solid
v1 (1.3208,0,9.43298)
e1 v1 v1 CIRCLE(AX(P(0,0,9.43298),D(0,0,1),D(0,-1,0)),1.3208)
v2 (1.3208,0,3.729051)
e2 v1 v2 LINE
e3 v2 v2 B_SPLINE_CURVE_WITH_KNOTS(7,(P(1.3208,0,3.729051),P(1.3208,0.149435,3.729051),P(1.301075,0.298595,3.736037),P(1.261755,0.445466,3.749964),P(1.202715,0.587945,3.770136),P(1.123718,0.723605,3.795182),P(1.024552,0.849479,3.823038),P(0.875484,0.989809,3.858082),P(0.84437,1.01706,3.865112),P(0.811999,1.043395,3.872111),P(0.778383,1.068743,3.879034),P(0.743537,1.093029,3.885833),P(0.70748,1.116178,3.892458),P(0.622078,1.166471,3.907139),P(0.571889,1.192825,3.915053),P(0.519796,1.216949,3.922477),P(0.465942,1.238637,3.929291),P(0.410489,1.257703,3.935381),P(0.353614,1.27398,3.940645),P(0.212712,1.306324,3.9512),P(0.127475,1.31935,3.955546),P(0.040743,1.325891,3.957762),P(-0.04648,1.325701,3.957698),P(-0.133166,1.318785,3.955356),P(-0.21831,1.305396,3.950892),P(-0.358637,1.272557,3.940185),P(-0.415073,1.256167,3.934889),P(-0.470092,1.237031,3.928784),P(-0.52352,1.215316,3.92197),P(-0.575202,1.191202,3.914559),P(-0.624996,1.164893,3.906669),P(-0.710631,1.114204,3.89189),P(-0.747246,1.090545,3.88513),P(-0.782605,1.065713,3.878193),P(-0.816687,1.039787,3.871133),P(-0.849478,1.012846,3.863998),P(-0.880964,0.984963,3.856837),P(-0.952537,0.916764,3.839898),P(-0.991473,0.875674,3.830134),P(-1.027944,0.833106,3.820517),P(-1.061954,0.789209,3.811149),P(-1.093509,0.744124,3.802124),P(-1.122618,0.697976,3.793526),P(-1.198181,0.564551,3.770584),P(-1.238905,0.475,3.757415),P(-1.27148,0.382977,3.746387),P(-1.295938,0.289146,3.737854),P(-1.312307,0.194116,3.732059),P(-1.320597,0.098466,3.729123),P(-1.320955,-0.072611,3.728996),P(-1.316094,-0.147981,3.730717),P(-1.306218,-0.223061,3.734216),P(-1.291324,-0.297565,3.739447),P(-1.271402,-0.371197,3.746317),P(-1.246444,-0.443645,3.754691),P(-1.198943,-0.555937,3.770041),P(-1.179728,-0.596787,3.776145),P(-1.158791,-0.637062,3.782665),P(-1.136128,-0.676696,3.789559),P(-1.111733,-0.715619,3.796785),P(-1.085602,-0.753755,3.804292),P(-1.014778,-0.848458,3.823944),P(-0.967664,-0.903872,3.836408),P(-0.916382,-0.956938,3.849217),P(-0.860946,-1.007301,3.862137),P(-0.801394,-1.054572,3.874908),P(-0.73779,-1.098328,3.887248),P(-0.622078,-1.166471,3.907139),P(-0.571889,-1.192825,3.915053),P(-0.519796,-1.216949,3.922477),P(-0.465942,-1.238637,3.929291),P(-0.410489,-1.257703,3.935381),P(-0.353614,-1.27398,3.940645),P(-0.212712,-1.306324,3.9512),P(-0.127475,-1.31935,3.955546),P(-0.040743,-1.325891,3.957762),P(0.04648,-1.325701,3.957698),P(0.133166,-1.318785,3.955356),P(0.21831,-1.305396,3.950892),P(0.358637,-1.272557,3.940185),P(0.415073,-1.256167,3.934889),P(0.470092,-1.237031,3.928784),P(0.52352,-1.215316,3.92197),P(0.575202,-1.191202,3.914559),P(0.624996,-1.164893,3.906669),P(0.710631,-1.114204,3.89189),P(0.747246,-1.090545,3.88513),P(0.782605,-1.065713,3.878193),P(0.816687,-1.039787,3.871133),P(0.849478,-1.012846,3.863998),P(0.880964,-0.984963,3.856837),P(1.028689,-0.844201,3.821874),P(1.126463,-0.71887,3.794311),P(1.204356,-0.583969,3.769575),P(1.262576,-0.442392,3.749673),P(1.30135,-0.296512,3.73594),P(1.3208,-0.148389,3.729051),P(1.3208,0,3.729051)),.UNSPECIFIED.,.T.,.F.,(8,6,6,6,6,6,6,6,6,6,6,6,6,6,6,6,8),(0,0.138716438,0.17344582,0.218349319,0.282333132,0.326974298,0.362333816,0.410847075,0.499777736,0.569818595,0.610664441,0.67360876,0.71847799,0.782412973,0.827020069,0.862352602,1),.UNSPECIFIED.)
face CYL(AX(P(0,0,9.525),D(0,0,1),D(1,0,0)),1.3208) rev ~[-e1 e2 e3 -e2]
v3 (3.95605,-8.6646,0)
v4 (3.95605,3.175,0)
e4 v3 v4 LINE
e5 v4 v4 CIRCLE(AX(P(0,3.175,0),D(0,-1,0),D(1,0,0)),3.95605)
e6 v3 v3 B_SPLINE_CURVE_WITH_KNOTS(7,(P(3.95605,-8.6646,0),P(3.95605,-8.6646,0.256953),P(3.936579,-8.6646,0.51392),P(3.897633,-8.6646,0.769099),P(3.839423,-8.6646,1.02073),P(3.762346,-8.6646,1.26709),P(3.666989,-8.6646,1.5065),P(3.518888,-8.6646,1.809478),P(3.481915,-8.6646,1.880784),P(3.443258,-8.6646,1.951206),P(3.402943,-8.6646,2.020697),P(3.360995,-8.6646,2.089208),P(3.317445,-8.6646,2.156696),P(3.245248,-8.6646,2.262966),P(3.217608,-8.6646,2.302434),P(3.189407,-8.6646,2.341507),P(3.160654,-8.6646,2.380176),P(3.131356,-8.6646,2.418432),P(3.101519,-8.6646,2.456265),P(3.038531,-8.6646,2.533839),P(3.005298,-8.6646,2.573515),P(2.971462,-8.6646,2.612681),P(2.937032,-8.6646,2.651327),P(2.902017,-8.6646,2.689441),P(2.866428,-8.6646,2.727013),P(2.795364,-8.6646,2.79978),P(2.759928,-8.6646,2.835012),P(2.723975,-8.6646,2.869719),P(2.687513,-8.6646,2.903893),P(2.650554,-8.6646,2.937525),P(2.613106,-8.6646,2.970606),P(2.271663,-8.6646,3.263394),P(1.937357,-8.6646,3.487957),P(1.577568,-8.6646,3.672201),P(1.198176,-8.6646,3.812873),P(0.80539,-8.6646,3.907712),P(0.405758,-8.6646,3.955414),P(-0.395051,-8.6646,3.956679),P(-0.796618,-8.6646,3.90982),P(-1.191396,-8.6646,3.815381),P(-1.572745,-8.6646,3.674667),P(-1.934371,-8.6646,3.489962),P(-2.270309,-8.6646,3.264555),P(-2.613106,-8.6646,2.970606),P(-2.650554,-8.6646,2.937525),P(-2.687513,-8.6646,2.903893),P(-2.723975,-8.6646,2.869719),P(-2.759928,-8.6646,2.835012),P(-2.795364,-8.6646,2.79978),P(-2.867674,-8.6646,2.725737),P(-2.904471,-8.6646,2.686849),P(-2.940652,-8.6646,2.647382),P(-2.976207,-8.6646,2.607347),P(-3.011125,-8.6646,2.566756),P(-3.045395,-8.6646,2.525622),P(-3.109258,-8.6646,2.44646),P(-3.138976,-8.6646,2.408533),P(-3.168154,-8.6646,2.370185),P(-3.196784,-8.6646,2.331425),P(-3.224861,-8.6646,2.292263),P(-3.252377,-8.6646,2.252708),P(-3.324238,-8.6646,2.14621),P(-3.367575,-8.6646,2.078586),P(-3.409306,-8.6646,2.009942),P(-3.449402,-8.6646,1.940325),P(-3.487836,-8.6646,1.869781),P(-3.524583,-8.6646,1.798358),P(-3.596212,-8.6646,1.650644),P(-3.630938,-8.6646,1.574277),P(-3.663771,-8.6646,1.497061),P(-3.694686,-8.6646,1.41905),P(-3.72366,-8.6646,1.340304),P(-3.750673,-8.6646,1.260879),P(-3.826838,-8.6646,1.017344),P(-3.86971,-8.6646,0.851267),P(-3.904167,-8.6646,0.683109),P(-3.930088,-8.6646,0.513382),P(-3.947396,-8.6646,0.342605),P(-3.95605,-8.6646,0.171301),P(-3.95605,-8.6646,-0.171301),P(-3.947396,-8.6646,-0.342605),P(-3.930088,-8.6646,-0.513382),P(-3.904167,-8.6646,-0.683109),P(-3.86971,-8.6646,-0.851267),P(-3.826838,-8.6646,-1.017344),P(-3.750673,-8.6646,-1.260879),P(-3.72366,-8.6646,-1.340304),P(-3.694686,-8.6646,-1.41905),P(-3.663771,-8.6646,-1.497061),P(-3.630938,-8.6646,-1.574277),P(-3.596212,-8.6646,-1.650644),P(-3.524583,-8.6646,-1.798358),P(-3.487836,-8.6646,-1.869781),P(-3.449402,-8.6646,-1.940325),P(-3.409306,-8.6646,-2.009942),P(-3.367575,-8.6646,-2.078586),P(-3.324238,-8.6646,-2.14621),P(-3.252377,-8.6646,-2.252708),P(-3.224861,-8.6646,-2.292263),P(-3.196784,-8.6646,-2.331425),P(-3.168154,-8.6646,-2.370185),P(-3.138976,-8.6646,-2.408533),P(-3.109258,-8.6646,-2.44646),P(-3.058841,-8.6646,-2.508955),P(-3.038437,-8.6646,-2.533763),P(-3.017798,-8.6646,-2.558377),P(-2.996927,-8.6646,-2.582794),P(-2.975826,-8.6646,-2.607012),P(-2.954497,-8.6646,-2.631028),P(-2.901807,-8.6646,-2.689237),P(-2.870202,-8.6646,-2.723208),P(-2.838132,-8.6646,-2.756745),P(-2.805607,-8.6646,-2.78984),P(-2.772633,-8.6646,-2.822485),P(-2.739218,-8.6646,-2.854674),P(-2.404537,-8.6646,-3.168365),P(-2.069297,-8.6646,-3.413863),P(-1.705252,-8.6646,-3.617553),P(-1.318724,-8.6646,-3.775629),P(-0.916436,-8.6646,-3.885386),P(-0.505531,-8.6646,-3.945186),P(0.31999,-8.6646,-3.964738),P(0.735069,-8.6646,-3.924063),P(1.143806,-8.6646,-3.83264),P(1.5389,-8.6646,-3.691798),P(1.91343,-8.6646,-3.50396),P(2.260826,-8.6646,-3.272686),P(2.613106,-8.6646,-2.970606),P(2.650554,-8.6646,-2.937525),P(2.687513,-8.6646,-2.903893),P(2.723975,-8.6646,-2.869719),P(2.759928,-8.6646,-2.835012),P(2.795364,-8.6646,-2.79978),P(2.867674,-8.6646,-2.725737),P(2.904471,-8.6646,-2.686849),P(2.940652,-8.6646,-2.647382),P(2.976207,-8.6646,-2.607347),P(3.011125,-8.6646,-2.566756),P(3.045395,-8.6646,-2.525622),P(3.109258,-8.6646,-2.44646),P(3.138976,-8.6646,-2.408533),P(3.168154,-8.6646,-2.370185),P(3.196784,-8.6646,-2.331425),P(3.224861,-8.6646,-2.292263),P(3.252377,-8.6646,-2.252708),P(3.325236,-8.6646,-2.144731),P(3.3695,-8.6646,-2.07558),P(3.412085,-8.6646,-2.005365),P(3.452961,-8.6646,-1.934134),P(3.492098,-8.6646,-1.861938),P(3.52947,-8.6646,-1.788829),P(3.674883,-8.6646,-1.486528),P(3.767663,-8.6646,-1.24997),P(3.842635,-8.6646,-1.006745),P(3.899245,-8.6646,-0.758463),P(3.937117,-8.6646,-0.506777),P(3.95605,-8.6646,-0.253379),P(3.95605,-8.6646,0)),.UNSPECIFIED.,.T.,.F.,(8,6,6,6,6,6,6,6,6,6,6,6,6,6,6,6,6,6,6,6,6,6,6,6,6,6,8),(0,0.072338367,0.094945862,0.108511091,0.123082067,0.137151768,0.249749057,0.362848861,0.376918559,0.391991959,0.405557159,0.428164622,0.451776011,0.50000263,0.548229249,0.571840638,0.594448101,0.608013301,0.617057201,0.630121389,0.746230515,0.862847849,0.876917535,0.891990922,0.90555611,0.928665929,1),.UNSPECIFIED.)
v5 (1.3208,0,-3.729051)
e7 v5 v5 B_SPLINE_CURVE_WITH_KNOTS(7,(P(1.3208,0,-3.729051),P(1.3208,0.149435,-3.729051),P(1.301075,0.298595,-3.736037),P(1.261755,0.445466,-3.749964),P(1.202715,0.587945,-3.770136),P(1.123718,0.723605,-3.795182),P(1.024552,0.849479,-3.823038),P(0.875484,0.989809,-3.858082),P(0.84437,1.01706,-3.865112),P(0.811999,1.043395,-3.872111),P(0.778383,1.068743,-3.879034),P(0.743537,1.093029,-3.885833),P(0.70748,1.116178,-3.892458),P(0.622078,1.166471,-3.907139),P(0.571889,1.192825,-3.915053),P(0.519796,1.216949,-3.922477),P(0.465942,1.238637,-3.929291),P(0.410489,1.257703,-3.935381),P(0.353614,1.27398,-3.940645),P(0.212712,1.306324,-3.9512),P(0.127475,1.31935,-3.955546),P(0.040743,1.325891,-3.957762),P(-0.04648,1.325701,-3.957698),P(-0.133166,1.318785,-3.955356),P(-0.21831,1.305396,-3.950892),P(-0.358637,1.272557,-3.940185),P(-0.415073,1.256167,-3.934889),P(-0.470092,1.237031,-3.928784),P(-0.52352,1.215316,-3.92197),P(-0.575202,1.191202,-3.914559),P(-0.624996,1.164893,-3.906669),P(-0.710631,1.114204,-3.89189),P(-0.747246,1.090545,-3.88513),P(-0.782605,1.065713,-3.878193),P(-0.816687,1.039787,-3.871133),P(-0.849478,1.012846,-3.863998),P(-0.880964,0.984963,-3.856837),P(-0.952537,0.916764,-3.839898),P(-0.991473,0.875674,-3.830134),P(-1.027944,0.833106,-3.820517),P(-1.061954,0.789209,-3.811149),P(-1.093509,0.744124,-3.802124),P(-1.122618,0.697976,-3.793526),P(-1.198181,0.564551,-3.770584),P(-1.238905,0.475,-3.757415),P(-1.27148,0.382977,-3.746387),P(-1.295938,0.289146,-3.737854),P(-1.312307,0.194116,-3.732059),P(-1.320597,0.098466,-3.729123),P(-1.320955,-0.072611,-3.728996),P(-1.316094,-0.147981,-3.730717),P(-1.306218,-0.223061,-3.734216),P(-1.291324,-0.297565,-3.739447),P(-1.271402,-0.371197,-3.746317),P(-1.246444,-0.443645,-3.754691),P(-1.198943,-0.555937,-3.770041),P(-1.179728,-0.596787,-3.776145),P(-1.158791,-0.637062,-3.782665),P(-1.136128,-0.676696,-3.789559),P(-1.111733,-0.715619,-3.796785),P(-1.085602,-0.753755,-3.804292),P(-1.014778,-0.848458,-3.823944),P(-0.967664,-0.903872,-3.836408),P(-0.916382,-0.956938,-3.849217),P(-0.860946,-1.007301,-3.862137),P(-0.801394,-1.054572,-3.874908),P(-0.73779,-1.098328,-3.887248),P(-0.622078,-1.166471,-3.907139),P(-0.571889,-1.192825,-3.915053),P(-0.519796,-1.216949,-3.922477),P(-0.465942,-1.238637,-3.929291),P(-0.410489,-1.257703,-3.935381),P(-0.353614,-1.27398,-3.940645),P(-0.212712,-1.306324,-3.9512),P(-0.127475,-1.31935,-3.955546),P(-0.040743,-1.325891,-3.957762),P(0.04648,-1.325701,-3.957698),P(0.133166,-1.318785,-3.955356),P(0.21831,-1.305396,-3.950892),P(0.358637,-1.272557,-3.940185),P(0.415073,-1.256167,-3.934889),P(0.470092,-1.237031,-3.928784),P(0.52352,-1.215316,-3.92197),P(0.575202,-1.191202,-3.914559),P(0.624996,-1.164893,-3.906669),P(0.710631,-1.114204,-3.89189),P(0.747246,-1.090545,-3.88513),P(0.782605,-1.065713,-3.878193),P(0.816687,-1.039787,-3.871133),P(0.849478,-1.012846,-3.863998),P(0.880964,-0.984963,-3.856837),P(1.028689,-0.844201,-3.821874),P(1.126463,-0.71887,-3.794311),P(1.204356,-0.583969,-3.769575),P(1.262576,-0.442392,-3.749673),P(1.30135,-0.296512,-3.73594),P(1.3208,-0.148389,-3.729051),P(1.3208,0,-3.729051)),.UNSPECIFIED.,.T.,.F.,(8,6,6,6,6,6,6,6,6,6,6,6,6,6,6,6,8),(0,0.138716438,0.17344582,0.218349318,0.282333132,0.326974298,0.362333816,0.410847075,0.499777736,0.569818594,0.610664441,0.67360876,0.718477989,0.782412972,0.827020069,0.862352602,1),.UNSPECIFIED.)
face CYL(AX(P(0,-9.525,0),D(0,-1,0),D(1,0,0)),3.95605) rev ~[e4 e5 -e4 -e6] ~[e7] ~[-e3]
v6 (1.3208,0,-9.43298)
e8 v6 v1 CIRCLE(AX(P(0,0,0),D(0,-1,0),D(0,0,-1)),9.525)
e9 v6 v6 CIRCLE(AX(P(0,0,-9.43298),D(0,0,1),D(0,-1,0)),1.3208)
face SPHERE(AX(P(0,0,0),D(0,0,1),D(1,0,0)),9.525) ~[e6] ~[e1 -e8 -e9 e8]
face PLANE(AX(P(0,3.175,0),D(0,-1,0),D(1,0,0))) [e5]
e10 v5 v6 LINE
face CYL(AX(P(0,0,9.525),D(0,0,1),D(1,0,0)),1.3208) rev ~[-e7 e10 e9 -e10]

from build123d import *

# Parameters (mm, degrees)
F3_R     = 3.95605
F4_DEPTH = 12.7
F6_R     = 1.3208
F7_DEPTH = 19.051


with BuildPart() as f1:
    # F0 (on Front) → F1 (revolve)
    with BuildSketch(Plane.XZ):
        with BuildLine():
            Line((0, 9.525), (0, -9.525))
            ThreePointArc((0, -9.525), (9.525, 0), (0, 9.525))
        make_face()
    revolve(axis=Axis((0, 0, 0), (0, 0, -1)))

    # F3 (on offset) → F4 (cut)
    with BuildSketch(Plane.XZ.offset(9.525)):
        Circle(F3_R)
    extrude(amount=-F4_DEPTH, mode=Mode.SUBTRACT)

    # F6 (on offset) → F7 (cut, through all)
    with BuildSketch(Plane.XY.offset(9.525)):
        Circle(F6_R)
    extrude(amount=-F7_DEPTH, mode=Mode.SUBTRACT)


solid = f1.part
